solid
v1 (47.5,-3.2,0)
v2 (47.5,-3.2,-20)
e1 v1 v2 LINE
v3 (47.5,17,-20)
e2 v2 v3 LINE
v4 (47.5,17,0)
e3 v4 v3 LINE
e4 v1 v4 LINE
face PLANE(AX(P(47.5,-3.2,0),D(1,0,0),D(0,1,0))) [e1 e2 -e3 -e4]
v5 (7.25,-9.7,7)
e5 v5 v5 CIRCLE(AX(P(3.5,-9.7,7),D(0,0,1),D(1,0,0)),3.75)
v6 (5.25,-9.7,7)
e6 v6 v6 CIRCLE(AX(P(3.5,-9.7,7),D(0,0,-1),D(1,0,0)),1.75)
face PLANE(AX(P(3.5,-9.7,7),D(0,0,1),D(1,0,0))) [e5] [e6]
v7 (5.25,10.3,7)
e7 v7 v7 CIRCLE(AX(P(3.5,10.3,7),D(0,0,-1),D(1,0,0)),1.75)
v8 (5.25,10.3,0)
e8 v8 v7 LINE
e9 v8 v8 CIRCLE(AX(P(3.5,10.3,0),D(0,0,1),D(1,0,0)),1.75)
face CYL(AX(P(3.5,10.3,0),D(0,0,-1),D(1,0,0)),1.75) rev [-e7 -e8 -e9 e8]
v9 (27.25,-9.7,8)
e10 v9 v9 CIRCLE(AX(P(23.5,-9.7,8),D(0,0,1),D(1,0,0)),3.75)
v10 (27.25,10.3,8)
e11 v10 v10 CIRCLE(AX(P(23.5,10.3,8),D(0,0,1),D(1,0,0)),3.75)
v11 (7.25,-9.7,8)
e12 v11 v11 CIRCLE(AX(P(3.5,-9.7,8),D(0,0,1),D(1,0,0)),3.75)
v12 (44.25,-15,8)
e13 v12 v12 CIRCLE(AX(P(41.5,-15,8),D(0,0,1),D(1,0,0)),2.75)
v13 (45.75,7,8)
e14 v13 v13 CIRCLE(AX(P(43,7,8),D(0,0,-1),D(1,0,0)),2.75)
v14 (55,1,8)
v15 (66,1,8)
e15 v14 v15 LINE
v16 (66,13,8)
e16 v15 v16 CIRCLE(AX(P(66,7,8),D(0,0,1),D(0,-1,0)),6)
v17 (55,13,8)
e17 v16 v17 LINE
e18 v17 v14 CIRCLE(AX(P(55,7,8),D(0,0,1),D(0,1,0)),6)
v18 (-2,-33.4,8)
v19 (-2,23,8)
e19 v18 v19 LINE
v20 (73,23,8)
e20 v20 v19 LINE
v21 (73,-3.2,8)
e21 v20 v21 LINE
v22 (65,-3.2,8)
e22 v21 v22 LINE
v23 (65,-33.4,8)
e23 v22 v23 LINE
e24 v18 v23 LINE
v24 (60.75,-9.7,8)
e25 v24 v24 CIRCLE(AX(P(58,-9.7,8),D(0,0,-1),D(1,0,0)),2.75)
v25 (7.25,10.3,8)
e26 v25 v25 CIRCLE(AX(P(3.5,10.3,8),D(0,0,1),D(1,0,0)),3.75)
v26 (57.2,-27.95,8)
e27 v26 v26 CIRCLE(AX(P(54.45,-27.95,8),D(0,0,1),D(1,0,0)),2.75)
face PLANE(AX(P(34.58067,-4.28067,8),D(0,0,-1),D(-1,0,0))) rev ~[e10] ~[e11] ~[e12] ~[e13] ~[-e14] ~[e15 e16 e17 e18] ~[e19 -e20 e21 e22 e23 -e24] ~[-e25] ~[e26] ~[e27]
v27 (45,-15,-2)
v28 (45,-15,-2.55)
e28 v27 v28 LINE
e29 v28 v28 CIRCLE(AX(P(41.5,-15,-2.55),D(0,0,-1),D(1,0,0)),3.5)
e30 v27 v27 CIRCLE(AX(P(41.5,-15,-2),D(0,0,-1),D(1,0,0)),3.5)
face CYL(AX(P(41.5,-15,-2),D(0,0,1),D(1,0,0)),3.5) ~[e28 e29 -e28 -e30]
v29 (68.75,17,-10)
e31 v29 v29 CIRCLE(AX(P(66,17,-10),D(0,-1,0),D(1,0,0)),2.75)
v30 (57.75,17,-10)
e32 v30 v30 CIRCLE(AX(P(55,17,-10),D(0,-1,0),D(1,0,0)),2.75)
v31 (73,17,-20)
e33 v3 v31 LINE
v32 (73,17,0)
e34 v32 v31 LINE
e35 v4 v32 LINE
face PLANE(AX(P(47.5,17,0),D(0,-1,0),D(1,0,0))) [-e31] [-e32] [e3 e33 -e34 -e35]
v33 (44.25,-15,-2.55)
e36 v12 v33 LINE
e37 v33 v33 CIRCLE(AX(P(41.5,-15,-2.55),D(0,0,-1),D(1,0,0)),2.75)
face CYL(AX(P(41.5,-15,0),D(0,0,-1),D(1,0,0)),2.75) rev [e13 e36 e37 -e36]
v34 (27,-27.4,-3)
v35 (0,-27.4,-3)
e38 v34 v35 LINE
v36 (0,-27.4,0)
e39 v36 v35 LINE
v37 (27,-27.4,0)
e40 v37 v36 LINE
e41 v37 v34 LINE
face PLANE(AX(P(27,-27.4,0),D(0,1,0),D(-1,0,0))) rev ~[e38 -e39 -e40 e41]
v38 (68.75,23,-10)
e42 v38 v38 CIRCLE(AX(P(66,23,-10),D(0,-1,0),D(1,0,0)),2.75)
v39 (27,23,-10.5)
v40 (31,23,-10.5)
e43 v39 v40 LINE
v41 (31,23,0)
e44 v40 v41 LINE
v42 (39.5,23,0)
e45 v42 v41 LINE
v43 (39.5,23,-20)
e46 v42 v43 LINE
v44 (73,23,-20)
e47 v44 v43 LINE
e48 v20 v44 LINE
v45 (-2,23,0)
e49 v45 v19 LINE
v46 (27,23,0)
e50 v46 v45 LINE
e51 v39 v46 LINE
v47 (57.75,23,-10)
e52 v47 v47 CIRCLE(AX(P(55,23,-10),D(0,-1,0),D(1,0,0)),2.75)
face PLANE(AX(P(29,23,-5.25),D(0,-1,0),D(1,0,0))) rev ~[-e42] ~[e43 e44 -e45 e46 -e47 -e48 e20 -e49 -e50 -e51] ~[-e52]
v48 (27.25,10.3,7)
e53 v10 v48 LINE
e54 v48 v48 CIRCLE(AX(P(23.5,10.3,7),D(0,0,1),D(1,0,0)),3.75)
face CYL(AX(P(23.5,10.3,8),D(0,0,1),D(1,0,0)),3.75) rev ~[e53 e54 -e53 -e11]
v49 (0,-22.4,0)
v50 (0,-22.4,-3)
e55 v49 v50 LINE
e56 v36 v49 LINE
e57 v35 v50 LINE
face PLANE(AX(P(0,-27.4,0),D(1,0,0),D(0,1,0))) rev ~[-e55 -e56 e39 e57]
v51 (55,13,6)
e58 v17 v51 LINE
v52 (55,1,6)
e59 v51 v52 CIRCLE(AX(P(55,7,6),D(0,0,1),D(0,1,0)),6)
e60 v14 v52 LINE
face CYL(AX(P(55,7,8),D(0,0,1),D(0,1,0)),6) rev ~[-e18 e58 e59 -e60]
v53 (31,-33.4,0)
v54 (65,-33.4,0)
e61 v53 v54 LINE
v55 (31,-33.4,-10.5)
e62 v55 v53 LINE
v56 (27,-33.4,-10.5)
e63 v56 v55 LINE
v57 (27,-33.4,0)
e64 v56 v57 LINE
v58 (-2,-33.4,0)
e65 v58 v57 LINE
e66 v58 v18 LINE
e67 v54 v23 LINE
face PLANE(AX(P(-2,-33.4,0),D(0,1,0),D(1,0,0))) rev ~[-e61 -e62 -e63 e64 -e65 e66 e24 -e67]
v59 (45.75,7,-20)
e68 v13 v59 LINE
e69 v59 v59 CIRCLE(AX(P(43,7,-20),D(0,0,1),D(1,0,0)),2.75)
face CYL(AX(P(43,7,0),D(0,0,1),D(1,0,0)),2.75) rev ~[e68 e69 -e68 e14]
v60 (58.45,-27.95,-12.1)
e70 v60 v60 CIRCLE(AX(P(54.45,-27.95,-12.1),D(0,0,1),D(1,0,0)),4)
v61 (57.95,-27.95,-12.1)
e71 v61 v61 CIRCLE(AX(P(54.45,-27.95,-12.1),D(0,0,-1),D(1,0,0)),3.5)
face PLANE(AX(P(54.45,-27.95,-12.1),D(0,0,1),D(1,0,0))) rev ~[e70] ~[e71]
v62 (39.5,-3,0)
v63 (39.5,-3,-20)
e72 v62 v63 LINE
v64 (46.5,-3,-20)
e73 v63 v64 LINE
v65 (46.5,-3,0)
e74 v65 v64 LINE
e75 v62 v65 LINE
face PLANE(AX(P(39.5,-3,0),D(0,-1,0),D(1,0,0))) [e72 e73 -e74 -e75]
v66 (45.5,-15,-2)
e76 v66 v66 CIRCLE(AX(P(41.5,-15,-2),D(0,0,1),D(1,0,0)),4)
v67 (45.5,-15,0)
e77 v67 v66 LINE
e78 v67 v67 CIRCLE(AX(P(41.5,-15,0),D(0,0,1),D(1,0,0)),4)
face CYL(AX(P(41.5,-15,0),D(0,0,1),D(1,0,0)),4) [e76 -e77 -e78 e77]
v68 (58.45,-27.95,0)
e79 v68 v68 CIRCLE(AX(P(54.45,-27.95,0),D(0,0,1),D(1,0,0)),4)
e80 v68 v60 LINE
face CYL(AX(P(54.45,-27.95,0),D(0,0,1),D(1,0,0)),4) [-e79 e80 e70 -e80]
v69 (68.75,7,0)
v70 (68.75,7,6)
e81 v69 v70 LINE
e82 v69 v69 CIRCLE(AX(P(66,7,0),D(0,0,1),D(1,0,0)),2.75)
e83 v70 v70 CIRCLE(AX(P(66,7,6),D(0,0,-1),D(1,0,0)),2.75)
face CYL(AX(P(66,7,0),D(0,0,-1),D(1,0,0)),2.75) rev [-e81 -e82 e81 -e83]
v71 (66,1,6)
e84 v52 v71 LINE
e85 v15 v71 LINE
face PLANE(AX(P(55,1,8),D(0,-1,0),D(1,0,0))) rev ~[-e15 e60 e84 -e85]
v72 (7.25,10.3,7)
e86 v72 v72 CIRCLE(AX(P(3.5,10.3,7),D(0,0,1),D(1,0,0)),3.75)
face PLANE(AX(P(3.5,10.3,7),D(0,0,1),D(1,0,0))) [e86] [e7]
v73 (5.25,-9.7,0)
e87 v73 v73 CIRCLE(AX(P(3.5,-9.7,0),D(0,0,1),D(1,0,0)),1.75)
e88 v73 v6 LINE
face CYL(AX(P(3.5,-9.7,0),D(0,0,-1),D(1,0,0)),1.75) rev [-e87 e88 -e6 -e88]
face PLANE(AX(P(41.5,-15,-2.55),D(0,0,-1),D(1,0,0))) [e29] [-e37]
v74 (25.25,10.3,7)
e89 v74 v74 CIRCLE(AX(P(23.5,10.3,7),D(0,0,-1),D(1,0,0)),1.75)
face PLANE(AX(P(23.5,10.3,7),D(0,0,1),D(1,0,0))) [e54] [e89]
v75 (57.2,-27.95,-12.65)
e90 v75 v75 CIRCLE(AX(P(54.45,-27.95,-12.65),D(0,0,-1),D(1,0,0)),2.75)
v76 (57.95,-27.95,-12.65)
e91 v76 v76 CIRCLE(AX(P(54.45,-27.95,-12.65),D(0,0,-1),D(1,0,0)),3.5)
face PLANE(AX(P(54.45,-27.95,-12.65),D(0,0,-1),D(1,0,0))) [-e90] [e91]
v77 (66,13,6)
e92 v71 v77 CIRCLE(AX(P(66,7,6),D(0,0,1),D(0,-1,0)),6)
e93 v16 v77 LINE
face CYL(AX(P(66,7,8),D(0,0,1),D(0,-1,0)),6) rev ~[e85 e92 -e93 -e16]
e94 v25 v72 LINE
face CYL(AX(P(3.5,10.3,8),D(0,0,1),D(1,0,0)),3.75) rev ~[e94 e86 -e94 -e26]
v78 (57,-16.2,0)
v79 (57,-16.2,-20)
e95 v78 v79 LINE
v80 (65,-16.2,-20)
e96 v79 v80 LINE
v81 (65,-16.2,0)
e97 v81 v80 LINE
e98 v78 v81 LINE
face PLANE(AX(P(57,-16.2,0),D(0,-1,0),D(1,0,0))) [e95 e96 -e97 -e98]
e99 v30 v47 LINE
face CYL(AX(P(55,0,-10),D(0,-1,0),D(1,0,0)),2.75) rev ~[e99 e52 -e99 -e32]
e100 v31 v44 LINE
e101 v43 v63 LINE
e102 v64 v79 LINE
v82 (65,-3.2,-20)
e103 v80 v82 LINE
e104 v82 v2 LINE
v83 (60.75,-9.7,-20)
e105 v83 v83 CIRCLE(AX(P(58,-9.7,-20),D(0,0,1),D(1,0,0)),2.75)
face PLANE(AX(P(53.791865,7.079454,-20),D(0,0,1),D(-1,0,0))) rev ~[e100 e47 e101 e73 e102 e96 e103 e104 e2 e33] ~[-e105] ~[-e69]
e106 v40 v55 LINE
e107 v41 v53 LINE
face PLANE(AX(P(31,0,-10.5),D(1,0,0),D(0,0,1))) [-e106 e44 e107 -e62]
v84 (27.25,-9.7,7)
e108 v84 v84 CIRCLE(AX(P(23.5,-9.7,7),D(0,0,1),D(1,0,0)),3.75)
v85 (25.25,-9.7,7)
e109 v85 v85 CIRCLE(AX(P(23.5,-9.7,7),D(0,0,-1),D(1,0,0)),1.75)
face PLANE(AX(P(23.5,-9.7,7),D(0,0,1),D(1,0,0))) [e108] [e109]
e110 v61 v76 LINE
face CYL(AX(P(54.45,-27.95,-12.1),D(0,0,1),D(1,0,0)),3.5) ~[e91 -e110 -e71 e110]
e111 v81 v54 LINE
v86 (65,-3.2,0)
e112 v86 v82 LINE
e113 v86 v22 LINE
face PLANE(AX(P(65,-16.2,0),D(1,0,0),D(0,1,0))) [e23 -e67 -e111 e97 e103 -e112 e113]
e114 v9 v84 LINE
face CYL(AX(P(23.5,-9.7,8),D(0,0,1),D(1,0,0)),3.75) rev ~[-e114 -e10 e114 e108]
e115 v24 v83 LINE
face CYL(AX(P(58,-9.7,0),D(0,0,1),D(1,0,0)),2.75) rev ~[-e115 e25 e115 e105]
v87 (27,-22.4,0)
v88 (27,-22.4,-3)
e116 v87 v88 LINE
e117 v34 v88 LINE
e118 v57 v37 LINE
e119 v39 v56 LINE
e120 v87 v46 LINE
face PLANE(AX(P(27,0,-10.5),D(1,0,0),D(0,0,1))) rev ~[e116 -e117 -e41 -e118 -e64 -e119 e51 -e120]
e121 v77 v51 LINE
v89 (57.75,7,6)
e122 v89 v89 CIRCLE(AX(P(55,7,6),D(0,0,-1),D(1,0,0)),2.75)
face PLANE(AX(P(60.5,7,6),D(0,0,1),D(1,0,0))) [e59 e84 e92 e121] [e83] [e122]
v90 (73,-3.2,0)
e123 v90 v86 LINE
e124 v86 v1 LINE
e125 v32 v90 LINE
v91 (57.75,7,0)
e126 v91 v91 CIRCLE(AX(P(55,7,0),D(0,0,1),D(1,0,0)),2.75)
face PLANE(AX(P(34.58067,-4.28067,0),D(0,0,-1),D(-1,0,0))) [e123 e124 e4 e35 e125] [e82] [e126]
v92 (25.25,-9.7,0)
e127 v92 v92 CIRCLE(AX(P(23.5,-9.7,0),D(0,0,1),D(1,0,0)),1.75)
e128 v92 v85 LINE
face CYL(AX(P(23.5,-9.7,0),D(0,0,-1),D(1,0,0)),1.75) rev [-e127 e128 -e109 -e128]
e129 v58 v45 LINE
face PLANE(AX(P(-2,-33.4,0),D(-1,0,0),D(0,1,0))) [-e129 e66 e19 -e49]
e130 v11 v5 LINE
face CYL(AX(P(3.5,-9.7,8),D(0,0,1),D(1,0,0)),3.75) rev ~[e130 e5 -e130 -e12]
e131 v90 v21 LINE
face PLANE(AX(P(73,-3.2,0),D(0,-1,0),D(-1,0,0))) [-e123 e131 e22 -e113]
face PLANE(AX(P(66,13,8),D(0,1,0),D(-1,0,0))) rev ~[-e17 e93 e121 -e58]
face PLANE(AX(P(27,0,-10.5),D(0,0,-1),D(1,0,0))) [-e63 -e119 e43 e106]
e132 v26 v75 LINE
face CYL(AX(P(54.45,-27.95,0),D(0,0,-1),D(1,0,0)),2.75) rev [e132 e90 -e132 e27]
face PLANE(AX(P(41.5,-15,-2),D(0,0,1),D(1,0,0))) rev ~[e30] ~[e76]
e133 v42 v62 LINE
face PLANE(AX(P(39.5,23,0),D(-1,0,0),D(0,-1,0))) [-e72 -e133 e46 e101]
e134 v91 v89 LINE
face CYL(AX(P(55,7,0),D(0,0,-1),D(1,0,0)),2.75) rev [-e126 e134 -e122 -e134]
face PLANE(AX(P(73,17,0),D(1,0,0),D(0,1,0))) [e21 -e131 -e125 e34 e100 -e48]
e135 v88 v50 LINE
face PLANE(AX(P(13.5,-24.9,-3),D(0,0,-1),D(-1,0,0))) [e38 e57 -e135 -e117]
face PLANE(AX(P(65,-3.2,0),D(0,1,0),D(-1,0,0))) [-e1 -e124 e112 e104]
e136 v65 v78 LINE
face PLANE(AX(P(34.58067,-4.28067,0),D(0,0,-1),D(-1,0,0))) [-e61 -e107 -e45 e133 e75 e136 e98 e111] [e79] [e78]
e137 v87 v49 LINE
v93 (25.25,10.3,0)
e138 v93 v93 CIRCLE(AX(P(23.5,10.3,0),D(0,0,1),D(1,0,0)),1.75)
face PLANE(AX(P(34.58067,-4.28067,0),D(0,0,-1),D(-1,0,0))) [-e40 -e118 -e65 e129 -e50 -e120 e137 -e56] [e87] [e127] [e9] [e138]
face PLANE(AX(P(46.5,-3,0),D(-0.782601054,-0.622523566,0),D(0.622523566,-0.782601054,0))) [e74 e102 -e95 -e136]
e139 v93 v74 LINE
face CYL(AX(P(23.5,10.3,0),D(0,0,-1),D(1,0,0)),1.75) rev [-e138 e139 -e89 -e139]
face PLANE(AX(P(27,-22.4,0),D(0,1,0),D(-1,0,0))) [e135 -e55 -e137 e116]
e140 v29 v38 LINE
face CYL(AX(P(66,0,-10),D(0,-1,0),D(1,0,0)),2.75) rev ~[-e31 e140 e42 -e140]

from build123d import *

# Parameters (mm, degrees)
SKETCH_R             = 1.75
SKETCH_R_2           = 2.75
PAD_DEPTH            = 8
PAD001_DEPTH         = 20
SKETCH004_R          = 2.75
POCKET_DEPTH         = 23.001
SKETCH005_R          = 2.75
POCKET001_DEPTH      = 20.001
POCKET001_DEPTH_BACK = 8.001
SKETCH008_R          = 4
SKETCH008_R_2        = 2.75
PAD005_DEPTH         = 2
SKETCH009_R          = 3.5
SKETCH009_R_2        = 2.75
PAD006_DEPTH         = 0.55
SKETCH010_R          = 4
SKETCH010_R_2        = 2.75
PAD007_DEPTH         = 12.1
SKETCH011_R          = 3.5
SKETCH011_R_2        = 2.75
PAD008_DEPTH         = 0.55
POCKET004_DEPTH      = 2
SKETCH020_W          = 4
SKETCH020_H          = 10.5
PAD013_DEPTH         = 33.4
PAD013_DEPTH_BACK    = 23
SKETCH021_W          = 27
SKETCH021_H          = 5
PAD014_DEPTH         = 3
SKETCH023_R          = 3.75
POCKET007_DEPTH      = 1


with BuildPart() as part:
    # Sketch → Pad (new body)
    with BuildSketch(Plane.XY):
        Polygon((0, 23), (73, 23), (73, -3.2), (65, -3.2), (65, -33.4), (0, -33.4), (-2, -33.4), (-2, 23), align=None)
        with Locations((3.5, 10.3)):
            Circle(SKETCH_R, mode=Mode.SUBTRACT)
        with Locations((23.5, 10.3)):
            Circle(SKETCH_R, mode=Mode.SUBTRACT)
        with Locations((3.5, -9.7)):
            Circle(SKETCH_R, mode=Mode.SUBTRACT)
        with Locations((23.5, -9.7)):
            Circle(SKETCH_R, mode=Mode.SUBTRACT)
        with Locations((55, 7)):
            Circle(SKETCH_R_2, mode=Mode.SUBTRACT)
        with Locations((41.5, -15)):
            Circle(SKETCH_R_2, mode=Mode.SUBTRACT)
        with Locations((54.45, -27.95)):
            Circle(SKETCH_R_2, mode=Mode.SUBTRACT)
        with Locations((66, 7)):
            Circle(SKETCH_R_2, mode=Mode.SUBTRACT)
    extrude(amount=PAD_DEPTH)

    # Sketch001 → Pad001 (join)
    with BuildSketch(Plane(origin=(0, 0, 0), x_dir=(1, 0, 0), z_dir=(0, 0, -1))):
        Polygon((73, -23), (39.5, -23), (39.5, 3), (46.5, 3), (57, 16.2), (65, 16.2), (65, 3.2), (47.5, 3.2), (47.5, -17), (73, -17), align=None)
    extrude(amount=PAD001_DEPTH)

    # Sketch004 → Pocket (cut, through all)
    with BuildSketch(Plane.XZ):
        with Locations((55, -10)):
            Circle(SKETCH004_R)
        with Locations((66, -10)):
            Circle(SKETCH004_R)
    extrude(amount=-POCKET_DEPTH, mode=Mode.SUBTRACT)

    # Sketch005 → Pocket001 (cut, two sides)
    with BuildSketch(Plane.XY) as pocket001_sk:
        with Locations((58, -9.7)):
            Circle(SKETCH005_R)
        with Locations((43, 7)):
            Circle(SKETCH005_R)
    extrude(amount=-POCKET001_DEPTH, mode=Mode.SUBTRACT)
    extrude(pocket001_sk.sketch, amount=POCKET001_DEPTH_BACK, mode=Mode.SUBTRACT)

    # Sketch008 → Pad005 (join)
    with BuildSketch(Plane.XY):
        with Locations((41.5, -15)):
            Circle(SKETCH008_R)
        with Locations((41.5, -15)):
            Circle(SKETCH008_R_2, mode=Mode.SUBTRACT)
    extrude(amount=-PAD005_DEPTH)

    # Sketch009 (on Face30 of Pad005) → Pad006 (join)
    with BuildSketch(Plane(origin=(0, 0, -2), x_dir=(1, 0, 0), z_dir=(0, 0, -1))):
        with Locations((41.5, 15)):
            Circle(SKETCH009_R)
        with Locations((41.5, 15)):
            Circle(SKETCH009_R_2, mode=Mode.SUBTRACT)
    extrude(amount=PAD006_DEPTH)

    # Sketch010 → Pad007 (join)
    with BuildSketch(Plane.XY):
        with Locations((54.45, -27.95)):
            Circle(SKETCH010_R)
        with Locations((54.45, -27.95)):
            Circle(SKETCH010_R_2, mode=Mode.SUBTRACT)
    extrude(amount=-PAD007_DEPTH)

    # Sketch011 (on Face32 of Pad007) → Pad008 (join)
    with BuildSketch(Plane(origin=(0, 0, -12.1), x_dir=(1, 0, 0), z_dir=(0, 0, -1))):
        with Locations((54.45, 27.95)):
            Circle(SKETCH011_R)
        with Locations((54.45, 27.95)):
            Circle(SKETCH011_R_2, mode=Mode.SUBTRACT)
    extrude(amount=PAD008_DEPTH)

    # Sketch017 (on DatumPlane) → Pocket004 (cut)
    with BuildSketch(Plane.XY.offset(8)):
        with BuildLine():
            ThreePointArc((55, 13), (49, 7), (55, 1))
            Line((55, 1), (66, 1))
            ThreePointArc((66, 1), (72, 7), (66, 13))
            Line((66, 13), (55, 13))
        make_face()
    extrude(amount=-POCKET004_DEPTH, mode=Mode.SUBTRACT)

    # Sketch020 → Pad013 (join, two sides)
    with BuildSketch(Plane.XZ) as pad013_sk:
        with Locations((29, -5.25)):
            Rectangle(SKETCH020_W, SKETCH020_H)
    extrude(amount=PAD013_DEPTH)
    extrude(pad013_sk.sketch, amount=-PAD013_DEPTH_BACK)

    # Sketch021 → Pad014 (join)
    with BuildSketch(Plane(origin=(0, 0, 0), x_dir=(-1, 0, 0), z_dir=(0, 0, -1))):
        with Locations((-13.5, -24.9)):
            Rectangle(SKETCH021_W, SKETCH021_H)
    extrude(amount=PAD014_DEPTH)

    # Sketch023 (on DatumPlane) → Pocket007 (cut)
    with BuildSketch(Plane.XY.offset(8)):
        with Locations((3.5, 10.3)):
            Circle(SKETCH023_R)
        with Locations((23.5, 10.3)):
            Circle(SKETCH023_R)
        with Locations((3.5, -9.7)):
            Circle(SKETCH023_R)
        with Locations((23.5, -9.7)):
            Circle(SKETCH023_R)
    extrude(amount=-POCKET007_DEPTH, mode=Mode.SUBTRACT)


solid = part.part
